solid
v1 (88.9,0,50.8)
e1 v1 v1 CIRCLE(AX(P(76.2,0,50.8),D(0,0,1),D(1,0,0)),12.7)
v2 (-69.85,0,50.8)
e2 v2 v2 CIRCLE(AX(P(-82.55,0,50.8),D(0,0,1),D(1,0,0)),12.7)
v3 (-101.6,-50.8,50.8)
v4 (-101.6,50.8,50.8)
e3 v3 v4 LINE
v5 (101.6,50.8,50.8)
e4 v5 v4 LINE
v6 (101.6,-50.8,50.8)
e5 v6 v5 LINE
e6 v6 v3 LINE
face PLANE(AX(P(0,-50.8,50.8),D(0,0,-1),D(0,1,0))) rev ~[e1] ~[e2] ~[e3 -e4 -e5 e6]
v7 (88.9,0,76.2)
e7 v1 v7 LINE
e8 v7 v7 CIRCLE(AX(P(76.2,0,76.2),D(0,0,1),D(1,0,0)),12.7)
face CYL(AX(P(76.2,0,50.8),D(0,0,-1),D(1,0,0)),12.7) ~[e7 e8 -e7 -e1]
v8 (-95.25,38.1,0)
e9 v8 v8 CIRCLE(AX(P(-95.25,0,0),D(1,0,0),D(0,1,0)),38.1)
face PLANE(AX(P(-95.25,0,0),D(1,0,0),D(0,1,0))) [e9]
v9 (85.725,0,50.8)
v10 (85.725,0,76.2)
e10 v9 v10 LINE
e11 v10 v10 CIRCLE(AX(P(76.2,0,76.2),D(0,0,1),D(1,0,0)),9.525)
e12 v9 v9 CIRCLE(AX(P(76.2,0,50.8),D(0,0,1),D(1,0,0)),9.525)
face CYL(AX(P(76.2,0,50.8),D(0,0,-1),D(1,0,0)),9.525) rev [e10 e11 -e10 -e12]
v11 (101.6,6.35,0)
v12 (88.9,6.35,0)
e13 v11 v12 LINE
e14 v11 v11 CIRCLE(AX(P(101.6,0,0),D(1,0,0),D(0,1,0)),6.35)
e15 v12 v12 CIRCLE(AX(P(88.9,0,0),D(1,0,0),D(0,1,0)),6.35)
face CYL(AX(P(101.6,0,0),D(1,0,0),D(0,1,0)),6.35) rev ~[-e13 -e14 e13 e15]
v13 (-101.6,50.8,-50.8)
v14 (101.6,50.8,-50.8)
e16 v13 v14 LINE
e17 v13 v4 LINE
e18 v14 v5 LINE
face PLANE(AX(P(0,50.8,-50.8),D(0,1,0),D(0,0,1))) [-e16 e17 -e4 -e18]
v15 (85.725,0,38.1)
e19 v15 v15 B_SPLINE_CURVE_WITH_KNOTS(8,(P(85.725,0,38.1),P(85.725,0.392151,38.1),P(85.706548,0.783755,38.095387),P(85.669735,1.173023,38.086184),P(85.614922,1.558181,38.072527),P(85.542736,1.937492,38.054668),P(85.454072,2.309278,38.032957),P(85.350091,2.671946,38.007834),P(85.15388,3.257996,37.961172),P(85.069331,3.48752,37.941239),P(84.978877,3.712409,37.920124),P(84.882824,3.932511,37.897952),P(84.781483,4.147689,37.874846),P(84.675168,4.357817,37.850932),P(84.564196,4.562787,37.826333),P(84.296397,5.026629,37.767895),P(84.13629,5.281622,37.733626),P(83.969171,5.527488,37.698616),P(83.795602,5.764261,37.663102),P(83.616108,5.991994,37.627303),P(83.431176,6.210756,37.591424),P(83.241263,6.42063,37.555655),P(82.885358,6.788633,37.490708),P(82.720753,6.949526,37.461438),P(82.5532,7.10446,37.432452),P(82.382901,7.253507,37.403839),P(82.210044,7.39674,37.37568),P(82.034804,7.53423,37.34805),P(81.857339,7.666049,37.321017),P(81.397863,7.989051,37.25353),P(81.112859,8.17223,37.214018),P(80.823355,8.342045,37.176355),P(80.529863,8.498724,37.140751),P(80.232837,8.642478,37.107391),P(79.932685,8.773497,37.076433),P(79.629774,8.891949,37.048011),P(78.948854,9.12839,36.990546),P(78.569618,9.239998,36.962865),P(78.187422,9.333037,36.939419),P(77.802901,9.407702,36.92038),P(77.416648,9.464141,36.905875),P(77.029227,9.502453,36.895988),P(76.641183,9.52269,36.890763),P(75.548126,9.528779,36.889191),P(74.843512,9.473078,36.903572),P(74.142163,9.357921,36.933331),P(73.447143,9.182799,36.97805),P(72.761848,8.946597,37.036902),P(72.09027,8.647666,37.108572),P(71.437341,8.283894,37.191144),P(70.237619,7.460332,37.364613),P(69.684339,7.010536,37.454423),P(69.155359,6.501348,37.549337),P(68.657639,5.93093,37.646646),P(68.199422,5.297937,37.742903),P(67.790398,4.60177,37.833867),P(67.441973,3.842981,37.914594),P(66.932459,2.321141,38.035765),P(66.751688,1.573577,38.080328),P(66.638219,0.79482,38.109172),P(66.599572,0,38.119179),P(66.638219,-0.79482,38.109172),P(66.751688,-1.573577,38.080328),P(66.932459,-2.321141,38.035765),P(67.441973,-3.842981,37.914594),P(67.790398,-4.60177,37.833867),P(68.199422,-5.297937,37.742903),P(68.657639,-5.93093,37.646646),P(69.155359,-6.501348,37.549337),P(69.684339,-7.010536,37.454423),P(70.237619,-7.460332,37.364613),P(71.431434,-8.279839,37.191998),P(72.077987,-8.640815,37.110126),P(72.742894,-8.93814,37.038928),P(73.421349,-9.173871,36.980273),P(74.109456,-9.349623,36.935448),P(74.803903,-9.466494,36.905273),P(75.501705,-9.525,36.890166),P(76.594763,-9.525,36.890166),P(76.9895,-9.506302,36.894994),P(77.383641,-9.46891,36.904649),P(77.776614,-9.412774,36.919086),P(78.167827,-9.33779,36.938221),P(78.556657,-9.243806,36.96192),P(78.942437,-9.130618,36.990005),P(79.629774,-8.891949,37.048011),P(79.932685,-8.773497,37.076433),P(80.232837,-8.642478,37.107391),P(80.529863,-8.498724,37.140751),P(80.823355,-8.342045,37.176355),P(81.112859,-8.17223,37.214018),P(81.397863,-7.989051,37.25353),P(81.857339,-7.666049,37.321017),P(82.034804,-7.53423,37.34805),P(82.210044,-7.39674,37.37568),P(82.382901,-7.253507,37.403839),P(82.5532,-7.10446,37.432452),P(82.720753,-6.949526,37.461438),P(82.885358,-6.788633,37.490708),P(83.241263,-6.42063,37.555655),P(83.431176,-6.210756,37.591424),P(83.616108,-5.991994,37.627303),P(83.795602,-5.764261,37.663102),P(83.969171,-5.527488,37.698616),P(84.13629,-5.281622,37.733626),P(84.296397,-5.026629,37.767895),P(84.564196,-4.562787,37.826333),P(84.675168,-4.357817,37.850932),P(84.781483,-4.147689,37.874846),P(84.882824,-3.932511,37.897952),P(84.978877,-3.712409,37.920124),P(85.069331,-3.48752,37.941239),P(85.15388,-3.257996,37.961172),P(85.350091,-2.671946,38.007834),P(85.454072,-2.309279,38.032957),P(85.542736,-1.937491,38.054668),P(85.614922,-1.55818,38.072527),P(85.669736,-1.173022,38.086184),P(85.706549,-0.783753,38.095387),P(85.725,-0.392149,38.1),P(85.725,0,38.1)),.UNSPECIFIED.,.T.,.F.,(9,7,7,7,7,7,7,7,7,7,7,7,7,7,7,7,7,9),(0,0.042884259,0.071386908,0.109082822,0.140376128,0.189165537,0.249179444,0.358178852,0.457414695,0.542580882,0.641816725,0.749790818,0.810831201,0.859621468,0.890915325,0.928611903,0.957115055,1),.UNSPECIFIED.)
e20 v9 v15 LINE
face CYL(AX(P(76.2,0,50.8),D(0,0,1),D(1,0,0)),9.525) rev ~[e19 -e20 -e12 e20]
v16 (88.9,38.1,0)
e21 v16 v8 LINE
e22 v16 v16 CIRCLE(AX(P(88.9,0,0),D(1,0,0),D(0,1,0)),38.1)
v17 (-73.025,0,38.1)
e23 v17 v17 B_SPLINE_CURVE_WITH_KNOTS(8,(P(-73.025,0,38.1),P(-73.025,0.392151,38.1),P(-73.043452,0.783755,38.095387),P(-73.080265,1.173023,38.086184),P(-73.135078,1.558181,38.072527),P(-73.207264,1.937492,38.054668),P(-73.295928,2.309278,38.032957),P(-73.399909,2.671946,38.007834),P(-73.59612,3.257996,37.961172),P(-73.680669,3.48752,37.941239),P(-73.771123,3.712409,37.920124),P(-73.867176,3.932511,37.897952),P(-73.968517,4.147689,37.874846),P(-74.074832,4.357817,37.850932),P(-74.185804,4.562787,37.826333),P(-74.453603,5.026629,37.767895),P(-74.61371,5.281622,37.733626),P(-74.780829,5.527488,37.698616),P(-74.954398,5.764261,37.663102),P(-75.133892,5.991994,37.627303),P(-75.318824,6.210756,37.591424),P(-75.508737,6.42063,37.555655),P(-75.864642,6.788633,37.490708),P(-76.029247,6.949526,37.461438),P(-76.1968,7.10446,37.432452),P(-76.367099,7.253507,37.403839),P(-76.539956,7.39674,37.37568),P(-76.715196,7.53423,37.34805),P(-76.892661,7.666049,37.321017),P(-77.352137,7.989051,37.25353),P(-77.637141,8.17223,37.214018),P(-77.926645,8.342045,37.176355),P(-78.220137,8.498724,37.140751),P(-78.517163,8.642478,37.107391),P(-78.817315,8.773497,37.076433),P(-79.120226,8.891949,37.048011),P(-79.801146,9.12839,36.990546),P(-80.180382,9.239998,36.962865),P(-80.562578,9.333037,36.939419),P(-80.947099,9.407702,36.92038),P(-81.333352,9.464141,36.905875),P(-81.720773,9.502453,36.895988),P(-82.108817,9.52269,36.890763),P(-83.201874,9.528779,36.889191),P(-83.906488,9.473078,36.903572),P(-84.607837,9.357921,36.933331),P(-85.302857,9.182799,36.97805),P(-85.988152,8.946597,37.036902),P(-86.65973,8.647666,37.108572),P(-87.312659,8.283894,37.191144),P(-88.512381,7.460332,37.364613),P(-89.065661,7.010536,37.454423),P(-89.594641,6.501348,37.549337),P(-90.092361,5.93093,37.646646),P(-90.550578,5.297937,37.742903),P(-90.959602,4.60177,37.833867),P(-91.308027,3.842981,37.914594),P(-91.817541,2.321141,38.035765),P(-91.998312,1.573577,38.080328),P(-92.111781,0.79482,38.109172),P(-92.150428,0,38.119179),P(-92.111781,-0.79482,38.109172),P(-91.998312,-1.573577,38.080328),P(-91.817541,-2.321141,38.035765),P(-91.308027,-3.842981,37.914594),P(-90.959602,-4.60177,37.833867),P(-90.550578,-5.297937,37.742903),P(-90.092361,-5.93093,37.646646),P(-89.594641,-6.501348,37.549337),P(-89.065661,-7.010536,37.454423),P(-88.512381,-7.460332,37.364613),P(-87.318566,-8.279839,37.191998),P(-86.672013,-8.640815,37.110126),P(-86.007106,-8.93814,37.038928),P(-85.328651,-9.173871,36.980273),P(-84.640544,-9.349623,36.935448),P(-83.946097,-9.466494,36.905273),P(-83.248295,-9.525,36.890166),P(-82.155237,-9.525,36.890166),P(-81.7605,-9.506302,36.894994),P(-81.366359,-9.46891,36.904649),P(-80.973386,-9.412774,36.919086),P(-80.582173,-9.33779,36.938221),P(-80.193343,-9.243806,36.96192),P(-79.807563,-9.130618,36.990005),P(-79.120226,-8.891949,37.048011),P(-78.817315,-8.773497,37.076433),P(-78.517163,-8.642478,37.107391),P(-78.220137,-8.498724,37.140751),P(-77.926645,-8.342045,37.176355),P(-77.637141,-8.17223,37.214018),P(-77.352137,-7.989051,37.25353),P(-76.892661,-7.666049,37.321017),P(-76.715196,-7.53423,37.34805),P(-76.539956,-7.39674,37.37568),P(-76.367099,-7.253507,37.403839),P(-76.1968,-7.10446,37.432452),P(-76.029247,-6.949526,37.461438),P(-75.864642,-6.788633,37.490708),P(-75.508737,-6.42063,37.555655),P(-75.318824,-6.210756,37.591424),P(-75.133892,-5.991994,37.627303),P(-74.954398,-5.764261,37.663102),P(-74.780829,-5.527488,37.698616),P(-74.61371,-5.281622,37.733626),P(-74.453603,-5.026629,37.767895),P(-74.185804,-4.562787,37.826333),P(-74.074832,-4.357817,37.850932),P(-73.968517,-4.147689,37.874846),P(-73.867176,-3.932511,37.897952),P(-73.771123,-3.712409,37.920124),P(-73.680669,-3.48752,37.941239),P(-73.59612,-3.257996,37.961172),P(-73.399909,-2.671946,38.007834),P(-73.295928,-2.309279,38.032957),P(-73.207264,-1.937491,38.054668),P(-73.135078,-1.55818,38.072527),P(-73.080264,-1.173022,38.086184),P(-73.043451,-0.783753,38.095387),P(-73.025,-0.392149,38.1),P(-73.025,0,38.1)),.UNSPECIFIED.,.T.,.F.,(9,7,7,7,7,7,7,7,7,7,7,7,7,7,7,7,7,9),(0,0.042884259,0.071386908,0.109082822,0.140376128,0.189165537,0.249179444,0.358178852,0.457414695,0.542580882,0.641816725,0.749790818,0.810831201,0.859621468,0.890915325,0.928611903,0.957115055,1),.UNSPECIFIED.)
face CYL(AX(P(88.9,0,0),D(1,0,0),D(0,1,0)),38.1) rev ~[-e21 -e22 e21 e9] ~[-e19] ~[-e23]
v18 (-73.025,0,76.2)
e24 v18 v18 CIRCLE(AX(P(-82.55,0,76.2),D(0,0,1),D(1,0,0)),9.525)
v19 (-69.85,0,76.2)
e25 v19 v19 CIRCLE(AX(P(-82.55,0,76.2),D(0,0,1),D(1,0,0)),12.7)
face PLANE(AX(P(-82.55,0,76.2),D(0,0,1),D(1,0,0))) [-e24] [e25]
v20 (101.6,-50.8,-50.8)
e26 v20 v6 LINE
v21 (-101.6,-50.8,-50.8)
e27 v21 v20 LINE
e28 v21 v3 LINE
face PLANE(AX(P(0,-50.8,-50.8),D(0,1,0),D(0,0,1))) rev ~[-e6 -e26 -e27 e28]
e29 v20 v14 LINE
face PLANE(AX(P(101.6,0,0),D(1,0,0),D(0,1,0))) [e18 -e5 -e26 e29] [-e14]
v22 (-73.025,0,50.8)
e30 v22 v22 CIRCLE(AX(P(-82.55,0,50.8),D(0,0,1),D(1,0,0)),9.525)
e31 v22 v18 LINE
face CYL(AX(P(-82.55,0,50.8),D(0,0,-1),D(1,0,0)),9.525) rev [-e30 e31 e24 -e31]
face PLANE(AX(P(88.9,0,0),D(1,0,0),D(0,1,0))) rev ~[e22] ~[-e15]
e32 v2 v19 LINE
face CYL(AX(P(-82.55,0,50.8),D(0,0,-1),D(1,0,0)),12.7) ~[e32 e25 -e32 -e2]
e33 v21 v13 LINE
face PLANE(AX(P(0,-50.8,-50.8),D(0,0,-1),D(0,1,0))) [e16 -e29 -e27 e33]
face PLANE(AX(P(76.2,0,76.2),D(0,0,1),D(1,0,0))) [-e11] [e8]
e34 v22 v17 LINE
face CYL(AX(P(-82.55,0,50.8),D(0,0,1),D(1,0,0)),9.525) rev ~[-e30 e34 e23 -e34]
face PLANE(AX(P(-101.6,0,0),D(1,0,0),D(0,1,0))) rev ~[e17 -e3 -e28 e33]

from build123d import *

# Parameters (mm, degrees)
F0_W      = 101.6
F0_H      = 101.6
F1_DEPTH  = 101.6
F3_R      = 38.1
F4_DEPTH  = 184.15
F5_R      = 6.35
F6_DEPTH  = 12.7
F7_R      = 9.525
F8_DEPTH  = 25.4
F9_R      = 12.7
F9_R_2    = 9.525
F10_DEPTH = 25.4


with BuildPart() as f1:
    # F0 (on Right) → F1 (new body, symmetric)
    with BuildSketch(Plane.YZ):
        Rectangle(F0_W, F0_H)
    extrude(amount=F1_DEPTH, both=True)

    # F3 (on offset) → F4 (cut)
    with BuildSketch(Plane.YZ.offset(88.9)):
        Circle(F3_R)
    extrude(amount=-F4_DEPTH, mode=Mode.SUBTRACT)

    # F5 (on face) → F6 (cut, through all)
    with BuildSketch(Plane.YZ.offset(101.6)):
        Circle(F5_R)
    extrude(amount=-F6_DEPTH, mode=Mode.SUBTRACT)

    # F7 (on face) → F8 (cut)
    with BuildSketch(Plane.XY.offset(50.8)):
        with Locations((-82.55, 0)):
            Circle(F7_R)
        with Locations((76.2, 0)):
            Circle(F7_R)
    extrude(amount=-F8_DEPTH, mode=Mode.SUBTRACT)

    # F9 (on face) → F10 (join)
    with BuildSketch(Plane.XY.offset(50.8)):
        with Locations((-82.55, 0)):
            Circle(F9_R)
        with Locations((-82.55, 0)):
            Circle(F9_R_2, mode=Mode.SUBTRACT)
        with Locations((76.2, 0)):
            Circle(F9_R)
        with Locations((76.2, 0)):
            Circle(F9_R_2, mode=Mode.SUBTRACT)
    extrude(amount=F10_DEPTH)


solid = f1.part
